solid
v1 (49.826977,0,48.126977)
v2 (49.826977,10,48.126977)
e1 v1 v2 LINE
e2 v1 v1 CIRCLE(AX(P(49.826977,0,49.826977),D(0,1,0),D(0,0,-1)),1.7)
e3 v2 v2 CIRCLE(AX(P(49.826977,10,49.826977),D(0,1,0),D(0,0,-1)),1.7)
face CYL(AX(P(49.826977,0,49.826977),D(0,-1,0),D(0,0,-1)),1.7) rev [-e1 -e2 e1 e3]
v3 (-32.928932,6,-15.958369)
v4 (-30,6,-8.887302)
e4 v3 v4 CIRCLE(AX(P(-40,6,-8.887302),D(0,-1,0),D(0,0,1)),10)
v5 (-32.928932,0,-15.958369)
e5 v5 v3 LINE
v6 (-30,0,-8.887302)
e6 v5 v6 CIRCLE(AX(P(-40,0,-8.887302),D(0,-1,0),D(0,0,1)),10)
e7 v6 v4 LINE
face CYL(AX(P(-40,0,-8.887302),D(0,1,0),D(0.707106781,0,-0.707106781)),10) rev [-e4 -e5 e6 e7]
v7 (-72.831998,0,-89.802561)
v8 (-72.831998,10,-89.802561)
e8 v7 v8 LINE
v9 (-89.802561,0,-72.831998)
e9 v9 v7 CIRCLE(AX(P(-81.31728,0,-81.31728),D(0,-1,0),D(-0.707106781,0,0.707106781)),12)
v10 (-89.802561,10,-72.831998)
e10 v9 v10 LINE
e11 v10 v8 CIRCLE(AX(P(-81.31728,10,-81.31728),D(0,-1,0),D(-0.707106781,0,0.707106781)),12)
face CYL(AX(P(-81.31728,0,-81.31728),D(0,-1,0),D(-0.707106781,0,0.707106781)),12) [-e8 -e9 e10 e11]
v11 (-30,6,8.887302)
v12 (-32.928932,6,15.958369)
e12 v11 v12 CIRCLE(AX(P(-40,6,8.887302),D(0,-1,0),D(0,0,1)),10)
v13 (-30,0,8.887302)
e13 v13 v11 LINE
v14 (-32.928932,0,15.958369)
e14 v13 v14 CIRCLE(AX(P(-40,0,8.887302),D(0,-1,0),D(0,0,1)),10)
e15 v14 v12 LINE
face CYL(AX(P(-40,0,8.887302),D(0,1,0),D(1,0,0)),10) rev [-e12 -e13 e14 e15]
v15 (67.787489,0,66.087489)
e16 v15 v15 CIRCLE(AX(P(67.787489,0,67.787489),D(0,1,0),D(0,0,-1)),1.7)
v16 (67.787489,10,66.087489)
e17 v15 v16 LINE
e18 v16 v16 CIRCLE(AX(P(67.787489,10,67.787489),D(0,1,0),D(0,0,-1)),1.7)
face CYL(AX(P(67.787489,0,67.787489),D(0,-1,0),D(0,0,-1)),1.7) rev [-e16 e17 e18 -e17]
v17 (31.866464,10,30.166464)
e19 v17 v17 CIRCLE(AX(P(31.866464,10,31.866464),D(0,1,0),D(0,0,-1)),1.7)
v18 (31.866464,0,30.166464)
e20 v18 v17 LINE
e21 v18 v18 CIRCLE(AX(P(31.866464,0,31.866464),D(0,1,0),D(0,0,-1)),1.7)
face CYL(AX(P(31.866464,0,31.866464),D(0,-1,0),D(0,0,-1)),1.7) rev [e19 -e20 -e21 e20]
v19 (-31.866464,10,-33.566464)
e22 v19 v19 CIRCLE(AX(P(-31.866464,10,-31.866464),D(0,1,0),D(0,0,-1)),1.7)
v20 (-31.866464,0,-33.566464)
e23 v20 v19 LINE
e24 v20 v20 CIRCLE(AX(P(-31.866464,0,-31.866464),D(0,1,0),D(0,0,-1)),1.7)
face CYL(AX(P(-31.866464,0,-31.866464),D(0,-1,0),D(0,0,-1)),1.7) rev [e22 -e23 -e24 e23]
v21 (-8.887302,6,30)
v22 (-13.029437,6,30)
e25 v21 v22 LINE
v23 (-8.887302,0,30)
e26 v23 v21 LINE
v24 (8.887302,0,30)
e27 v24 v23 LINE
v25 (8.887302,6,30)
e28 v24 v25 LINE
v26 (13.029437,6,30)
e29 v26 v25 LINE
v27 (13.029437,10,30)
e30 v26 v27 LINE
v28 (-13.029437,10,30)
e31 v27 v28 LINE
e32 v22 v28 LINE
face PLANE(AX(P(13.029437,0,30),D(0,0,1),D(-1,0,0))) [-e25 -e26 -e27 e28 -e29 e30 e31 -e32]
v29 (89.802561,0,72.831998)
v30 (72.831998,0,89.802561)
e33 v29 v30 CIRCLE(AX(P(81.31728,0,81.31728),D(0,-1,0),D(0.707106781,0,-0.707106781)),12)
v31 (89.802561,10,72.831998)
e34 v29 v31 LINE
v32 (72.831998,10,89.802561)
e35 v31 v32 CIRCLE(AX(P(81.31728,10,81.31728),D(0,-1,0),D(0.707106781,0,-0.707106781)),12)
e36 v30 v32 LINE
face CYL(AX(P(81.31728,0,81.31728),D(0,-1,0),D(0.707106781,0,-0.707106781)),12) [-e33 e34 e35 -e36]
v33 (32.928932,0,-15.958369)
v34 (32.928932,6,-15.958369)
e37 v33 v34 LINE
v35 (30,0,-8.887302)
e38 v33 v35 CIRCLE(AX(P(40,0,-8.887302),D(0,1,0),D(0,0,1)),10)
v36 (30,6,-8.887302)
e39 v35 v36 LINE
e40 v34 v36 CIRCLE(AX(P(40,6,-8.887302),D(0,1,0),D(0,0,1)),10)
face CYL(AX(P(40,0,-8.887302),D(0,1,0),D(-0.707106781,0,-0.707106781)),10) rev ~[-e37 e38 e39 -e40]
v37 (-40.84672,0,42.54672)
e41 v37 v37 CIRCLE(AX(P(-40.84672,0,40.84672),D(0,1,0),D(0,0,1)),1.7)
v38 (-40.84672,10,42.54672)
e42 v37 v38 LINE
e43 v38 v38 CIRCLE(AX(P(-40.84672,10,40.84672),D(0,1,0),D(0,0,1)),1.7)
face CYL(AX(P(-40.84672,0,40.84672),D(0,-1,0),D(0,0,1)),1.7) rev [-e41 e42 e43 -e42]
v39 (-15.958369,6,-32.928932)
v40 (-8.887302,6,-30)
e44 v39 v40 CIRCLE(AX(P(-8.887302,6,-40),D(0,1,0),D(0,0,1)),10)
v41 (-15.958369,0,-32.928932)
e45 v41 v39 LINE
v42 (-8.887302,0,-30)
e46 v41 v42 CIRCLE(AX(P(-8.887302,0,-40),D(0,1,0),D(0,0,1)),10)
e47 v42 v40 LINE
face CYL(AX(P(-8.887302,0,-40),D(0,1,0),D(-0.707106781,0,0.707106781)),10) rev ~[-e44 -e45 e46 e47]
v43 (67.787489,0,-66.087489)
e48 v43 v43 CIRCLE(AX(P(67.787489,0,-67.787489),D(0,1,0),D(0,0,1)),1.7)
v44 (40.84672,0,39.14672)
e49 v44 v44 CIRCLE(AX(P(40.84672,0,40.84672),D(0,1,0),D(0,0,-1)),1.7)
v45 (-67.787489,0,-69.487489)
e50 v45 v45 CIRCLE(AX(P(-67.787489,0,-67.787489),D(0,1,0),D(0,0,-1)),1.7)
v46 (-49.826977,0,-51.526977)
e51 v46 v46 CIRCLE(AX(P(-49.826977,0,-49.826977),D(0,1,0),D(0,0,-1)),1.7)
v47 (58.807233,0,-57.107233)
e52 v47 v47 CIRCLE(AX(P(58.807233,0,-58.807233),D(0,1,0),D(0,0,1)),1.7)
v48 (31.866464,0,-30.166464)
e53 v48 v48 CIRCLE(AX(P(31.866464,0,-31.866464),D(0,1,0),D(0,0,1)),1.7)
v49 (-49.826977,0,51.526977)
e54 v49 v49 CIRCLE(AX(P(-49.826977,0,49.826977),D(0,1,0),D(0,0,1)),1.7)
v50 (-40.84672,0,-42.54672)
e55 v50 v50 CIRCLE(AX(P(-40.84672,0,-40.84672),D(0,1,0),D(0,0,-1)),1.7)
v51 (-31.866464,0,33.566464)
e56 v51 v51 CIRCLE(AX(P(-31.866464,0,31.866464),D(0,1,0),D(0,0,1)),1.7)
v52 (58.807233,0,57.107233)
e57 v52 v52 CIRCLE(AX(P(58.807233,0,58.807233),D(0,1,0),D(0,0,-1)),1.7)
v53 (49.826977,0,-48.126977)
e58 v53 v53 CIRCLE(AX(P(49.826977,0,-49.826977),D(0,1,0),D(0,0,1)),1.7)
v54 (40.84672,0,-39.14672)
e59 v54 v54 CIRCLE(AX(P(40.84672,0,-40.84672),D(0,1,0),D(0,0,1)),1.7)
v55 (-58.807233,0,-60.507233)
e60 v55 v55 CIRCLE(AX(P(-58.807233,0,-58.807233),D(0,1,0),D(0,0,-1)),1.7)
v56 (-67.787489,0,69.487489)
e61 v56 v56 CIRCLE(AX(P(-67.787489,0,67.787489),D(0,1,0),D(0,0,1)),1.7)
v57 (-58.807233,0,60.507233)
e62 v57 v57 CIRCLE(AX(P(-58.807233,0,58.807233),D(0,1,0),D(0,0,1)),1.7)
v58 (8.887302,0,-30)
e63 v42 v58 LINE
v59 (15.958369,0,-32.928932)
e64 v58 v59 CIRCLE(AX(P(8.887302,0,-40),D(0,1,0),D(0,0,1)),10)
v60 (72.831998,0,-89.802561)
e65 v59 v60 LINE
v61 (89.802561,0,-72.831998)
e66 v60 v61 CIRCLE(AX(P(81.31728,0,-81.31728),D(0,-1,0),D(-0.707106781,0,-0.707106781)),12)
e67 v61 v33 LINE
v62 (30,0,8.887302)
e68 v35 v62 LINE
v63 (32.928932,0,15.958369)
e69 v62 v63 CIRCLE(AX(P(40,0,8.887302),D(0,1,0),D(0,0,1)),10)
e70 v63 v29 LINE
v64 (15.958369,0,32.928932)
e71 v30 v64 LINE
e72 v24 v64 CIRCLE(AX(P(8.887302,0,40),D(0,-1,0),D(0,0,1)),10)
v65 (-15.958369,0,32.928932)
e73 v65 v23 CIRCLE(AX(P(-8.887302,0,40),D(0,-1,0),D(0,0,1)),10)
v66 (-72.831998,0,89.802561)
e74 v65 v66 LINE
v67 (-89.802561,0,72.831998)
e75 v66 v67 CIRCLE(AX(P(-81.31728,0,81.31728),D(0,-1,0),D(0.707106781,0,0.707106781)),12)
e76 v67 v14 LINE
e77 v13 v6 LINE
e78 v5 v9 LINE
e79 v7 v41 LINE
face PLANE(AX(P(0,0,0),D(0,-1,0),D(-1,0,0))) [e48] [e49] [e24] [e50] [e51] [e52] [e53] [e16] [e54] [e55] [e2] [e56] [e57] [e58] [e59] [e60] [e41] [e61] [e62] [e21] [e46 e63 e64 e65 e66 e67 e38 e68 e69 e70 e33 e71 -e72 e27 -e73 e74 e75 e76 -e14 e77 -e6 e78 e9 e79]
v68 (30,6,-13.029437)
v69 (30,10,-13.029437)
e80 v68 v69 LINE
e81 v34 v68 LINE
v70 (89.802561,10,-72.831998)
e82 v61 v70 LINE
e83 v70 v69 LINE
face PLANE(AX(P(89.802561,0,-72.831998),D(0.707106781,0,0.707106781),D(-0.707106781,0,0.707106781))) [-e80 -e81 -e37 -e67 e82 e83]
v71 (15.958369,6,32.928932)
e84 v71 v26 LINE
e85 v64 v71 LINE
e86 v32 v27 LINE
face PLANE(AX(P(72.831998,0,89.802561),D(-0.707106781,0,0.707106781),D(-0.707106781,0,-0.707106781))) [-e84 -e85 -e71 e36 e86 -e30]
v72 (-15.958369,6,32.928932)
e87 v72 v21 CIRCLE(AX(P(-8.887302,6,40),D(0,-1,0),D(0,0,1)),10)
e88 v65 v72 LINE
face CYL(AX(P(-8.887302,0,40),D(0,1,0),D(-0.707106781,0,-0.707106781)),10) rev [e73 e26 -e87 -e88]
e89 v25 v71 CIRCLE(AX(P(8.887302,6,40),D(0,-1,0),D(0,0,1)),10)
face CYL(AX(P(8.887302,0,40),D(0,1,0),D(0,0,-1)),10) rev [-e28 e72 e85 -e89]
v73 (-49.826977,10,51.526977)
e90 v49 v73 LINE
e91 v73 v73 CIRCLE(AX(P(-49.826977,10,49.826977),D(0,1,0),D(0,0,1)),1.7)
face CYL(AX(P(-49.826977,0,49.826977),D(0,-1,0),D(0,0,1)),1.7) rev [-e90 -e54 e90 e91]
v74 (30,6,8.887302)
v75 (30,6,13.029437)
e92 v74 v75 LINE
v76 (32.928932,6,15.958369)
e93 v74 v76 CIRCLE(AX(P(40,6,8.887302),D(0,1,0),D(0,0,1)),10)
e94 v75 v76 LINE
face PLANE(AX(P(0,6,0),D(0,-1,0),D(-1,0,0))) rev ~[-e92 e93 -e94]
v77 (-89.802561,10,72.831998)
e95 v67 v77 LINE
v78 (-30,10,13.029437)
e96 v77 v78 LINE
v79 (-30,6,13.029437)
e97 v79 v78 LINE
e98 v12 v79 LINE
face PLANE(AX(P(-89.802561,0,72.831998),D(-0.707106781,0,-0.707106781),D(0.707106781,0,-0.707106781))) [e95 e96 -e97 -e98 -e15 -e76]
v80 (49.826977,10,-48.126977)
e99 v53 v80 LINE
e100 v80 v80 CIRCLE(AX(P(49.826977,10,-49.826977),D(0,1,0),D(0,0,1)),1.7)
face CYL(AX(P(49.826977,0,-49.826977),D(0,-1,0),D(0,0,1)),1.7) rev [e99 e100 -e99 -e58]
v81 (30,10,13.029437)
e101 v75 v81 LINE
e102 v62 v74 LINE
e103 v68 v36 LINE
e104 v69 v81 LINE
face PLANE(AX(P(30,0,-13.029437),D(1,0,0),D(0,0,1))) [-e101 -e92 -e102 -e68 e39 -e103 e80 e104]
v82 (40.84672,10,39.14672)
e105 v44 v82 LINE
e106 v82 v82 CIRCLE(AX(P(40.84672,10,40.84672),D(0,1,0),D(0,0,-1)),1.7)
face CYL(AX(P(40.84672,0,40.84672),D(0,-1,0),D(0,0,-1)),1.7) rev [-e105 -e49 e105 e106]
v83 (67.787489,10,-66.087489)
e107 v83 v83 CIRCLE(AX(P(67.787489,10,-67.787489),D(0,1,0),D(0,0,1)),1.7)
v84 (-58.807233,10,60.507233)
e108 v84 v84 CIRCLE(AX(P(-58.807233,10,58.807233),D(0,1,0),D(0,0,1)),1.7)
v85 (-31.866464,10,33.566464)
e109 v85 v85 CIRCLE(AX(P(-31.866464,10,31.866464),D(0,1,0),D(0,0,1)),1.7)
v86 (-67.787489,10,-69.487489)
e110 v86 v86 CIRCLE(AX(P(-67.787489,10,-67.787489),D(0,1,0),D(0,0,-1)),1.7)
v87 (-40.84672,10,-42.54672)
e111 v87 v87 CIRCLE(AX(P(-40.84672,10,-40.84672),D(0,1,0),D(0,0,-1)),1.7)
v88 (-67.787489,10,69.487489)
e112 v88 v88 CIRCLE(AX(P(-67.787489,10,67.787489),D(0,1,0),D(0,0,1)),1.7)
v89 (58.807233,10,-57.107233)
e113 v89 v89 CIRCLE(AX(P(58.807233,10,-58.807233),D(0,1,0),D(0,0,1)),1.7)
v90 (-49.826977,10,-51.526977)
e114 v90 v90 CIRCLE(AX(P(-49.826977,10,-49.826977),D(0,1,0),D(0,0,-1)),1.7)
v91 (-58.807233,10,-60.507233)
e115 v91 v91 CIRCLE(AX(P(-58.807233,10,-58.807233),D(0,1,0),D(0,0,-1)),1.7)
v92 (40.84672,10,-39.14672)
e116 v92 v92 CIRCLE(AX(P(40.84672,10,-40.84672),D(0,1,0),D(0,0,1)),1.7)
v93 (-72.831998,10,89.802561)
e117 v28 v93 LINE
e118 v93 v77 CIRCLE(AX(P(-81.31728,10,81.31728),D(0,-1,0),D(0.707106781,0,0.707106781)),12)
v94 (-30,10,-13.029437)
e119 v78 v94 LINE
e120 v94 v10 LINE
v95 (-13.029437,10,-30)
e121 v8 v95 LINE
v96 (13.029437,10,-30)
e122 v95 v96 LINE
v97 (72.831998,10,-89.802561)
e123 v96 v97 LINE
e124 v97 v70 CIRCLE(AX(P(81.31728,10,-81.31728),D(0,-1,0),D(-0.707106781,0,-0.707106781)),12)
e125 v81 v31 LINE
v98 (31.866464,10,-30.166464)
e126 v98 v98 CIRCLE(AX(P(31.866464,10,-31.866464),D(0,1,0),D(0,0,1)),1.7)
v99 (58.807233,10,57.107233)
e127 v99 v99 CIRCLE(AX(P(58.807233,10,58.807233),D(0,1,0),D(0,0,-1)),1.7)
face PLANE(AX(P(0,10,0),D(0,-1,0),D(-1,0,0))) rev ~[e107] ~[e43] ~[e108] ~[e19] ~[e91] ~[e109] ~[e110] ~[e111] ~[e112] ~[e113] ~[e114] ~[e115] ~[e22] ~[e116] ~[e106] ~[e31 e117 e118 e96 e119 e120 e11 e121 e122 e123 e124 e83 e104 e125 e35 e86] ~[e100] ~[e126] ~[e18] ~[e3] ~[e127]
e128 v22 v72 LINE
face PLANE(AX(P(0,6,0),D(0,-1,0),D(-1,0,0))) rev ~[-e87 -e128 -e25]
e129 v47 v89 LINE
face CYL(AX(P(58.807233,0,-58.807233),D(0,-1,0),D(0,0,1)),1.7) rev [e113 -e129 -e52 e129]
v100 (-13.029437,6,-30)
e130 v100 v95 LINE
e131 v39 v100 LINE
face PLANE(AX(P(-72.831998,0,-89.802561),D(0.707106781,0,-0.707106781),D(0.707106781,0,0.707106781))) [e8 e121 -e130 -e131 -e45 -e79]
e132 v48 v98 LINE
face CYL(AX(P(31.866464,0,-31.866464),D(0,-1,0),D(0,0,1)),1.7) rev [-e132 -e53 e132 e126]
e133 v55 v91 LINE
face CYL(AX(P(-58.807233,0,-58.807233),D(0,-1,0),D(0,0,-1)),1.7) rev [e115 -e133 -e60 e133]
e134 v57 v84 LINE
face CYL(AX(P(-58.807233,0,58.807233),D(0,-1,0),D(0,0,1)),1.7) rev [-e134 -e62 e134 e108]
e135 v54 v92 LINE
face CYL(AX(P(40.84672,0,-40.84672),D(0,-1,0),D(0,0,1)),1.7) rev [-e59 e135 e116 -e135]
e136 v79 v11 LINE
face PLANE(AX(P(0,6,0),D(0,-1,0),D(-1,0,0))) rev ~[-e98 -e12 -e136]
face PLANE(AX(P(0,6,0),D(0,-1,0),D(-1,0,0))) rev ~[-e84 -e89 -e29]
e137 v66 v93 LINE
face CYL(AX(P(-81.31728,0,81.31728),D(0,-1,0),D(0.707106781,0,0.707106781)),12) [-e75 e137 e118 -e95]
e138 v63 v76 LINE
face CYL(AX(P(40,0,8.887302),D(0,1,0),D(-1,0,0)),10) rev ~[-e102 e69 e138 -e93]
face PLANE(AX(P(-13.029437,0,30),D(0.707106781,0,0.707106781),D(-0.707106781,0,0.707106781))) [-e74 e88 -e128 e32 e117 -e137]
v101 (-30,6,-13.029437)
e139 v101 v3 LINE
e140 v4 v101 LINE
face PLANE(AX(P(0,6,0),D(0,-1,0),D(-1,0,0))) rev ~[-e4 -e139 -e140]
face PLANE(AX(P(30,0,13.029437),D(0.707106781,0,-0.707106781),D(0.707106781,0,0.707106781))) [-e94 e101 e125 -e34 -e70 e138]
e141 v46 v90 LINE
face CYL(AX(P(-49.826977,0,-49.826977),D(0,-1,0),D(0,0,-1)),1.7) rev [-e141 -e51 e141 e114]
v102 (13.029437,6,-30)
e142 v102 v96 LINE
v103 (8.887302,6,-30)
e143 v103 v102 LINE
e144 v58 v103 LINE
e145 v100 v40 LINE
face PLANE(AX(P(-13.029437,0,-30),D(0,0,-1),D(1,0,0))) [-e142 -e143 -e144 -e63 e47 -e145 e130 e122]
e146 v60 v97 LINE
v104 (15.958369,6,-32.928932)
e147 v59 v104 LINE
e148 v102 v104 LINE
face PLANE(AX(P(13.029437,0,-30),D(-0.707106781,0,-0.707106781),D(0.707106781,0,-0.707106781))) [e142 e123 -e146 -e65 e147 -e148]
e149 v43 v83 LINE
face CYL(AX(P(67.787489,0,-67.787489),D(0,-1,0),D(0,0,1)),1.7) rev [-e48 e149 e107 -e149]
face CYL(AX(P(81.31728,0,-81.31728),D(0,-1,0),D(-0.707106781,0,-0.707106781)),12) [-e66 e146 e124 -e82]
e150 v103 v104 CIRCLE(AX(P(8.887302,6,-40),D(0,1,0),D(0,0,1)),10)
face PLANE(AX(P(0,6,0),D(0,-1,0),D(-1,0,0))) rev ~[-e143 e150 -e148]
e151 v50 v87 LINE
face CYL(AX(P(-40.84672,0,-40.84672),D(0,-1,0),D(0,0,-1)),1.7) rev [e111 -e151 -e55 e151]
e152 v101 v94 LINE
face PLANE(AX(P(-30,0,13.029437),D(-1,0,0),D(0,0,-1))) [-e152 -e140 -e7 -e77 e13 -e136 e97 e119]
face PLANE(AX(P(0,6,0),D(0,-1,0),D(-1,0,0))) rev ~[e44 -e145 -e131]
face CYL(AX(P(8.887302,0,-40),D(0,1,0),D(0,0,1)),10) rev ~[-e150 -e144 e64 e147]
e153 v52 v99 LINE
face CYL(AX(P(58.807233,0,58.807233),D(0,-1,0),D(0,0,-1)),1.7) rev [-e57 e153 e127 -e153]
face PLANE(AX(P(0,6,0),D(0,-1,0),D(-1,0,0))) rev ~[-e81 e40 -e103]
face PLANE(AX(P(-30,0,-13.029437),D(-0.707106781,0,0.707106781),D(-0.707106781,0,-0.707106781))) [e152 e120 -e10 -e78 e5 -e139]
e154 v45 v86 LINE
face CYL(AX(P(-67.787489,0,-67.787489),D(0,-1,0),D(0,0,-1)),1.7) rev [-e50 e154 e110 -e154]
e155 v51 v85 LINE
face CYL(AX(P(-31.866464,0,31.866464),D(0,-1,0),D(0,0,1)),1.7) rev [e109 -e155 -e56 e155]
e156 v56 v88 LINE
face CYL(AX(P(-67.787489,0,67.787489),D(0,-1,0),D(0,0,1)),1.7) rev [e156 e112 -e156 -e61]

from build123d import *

# Parameters (mm, degrees)
SKETCH1_R           = 1.7
BOSS_EXTRUDE1_DEPTH = 6
FILLET1_R           = 10
SKETCH1_4_R         = 1.7
BOSS_EXTRUDE2_DEPTH = 10


with BuildPart() as part:
    # Sketch1 → Boss-Extrude1 (new body)
    with BuildSketch(Plane(origin=(0, 0, 0), x_dir=(1, 0, 0), z_dir=(0, 1, 0))):
        with BuildLine():
            Line((-72.831998462, 89.802561211), (-13.029437252, 30))
            Line((-13.029437252, 30), (13.029437252, 30))
            Line((13.029437252, 30), (72.831998462, 89.802561211))
            ThreePointArc((72.831998462, 89.802561211), (89.802561211, 89.802561211), (89.802561211, 72.831998462))
            Line((89.802561211, 72.831998462), (30, 13.029437252))
            Line((30, 13.029437252), (30, -13.029437252))
            Line((30, -13.029437252), (89.802561211, -72.831998462))
            ThreePointArc((89.802561211, -72.831998462), (89.802561211, -89.802561211), (72.831998462, -89.802561211))
            Line((72.831998462, -89.802561211), (13.029437252, -30))
            Line((13.029437252, -30), (-13.029437252, -30))
            Line((-13.029437252, -30), (-72.831998462, -89.802561211))
            ThreePointArc((-72.831998462, -89.802561211), (-89.802561211, -89.802561211), (-89.802561211, -72.831998462))
            Line((-89.802561211, -72.831998462), (-30, -13.029437252))
            Line((-30, -13.029437252), (-30, 13.029437252))
            Line((-30, 13.029437252), (-89.802561211, 72.831998462))
            ThreePointArc((-89.802561211, 72.831998462), (-89.802561211, 89.802561211), (-72.831998462, 89.802561211))
        make_face()
        with Locations((67.787488849, 67.787488849)):
            Circle(SKETCH1_R, mode=Mode.SUBTRACT)
        with Locations((58.807232728, 58.807232728)):
            Circle(SKETCH1_R, mode=Mode.SUBTRACT)
        with Locations((49.826976607, 49.826976607)):
            Circle(SKETCH1_R, mode=Mode.SUBTRACT)
        with Locations((40.846720486, 40.846720486)):
            Circle(SKETCH1_R, mode=Mode.SUBTRACT)
        with Locations((31.866464365, 31.866464365)):
            Circle(SKETCH1_R, mode=Mode.SUBTRACT)
        with Locations((67.787488849, -67.787488849)):
            Circle(SKETCH1_R, mode=Mode.SUBTRACT)
        with Locations((58.807232728, -58.807232728)):
            Circle(SKETCH1_R, mode=Mode.SUBTRACT)
        with Locations((49.826976607, -49.826976607)):
            Circle(SKETCH1_R, mode=Mode.SUBTRACT)
        with Locations((40.846720486, -40.846720486)):
            Circle(SKETCH1_R, mode=Mode.SUBTRACT)
        with Locations((31.866464365, -31.866464365)):
            Circle(SKETCH1_R, mode=Mode.SUBTRACT)
        with Locations((-67.787488849, 67.787488849)):
            Circle(SKETCH1_R, mode=Mode.SUBTRACT)
        with Locations((-58.807232728, 58.807232728)):
            Circle(SKETCH1_R, mode=Mode.SUBTRACT)
        with Locations((-31.866464365, 31.866464365)):
            Circle(SKETCH1_R, mode=Mode.SUBTRACT)
        with Locations((-49.826976607, 49.826976607)):
            Circle(SKETCH1_R, mode=Mode.SUBTRACT)
        with Locations((-40.846720486, 40.846720486)):
            Circle(SKETCH1_R, mode=Mode.SUBTRACT)
        with Locations((-31.866464365, -31.866464365)):
            Circle(SKETCH1_R, mode=Mode.SUBTRACT)
        with Locations((-58.807232728, -58.807232728)):
            Circle(SKETCH1_R, mode=Mode.SUBTRACT)
        with Locations((-40.846720486, -40.846720486)):
            Circle(SKETCH1_R, mode=Mode.SUBTRACT)
        with Locations((-49.826976607, -49.826976607)):
            Circle(SKETCH1_R, mode=Mode.SUBTRACT)
        with Locations((-67.787488849, -67.787488849)):
            Circle(SKETCH1_R, mode=Mode.SUBTRACT)
    extrude(amount=BOSS_EXTRUDE1_DEPTH)

    # Fillet1
    fillet1_edges = [part.edges().sort_by_distance(p)[0] for p in [
        (-30, 3, -13.029437252),
        (-30, 3, 13.029437252),
        (-13.029437252, 3, -30),
        (13.029437252, 3, -30),
        (30, 3, 13.029437252),
        (30, 3, -13.029437252),
        (13.029437252, 3, 30),
        (-13.029437252, 3, 30),
    ]]
    fillet(fillet1_edges, radius=FILLET1_R)

    # Sketch1<4> → Boss-Extrude2 (add)
    with BuildSketch(Plane(origin=(0, 0, 0), x_dir=(1, 0, 0), z_dir=(0, 1, 0))):
        with BuildLine():
            Line((-72.831998462, 89.802561211), (-13.029437252, 30))
            Line((-13.029437252, 30), (13.029437252, 30))
            Line((13.029437252, 30), (72.831998462, 89.802561211))
            ThreePointArc((72.831998462, 89.802561211), (89.802561211, 89.802561211), (89.802561211, 72.831998462))
            Line((89.802561211, 72.831998462), (30, 13.029437252))
            Line((30, 13.029437252), (30, -13.029437252))
            Line((30, -13.029437252), (89.802561211, -72.831998462))
            ThreePointArc((89.802561211, -72.831998462), (89.802561211, -89.802561211), (72.831998462, -89.802561211))
            Line((72.831998462, -89.802561211), (13.029437252, -30))
            Line((13.029437252, -30), (-13.029437252, -30))
            Line((-13.029437252, -30), (-72.831998462, -89.802561211))
            ThreePointArc((-72.831998462, -89.802561211), (-89.802561211, -89.802561211), (-89.802561211, -72.831998462))
            Line((-89.802561211, -72.831998462), (-30, -13.029437252))
            Line((-30, -13.029437252), (-30, 13.029437252))
            Line((-30, 13.029437252), (-89.802561211, 72.831998462))
            ThreePointArc((-89.802561211, 72.831998462), (-89.802561211, 89.802561211), (-72.831998462, 89.802561211))
        make_face()
        with Locations((67.787488849, 67.787488849)):
            Circle(SKETCH1_4_R, mode=Mode.SUBTRACT)
        with Locations((58.807232728, 58.807232728)):
            Circle(SKETCH1_4_R, mode=Mode.SUBTRACT)
        with Locations((49.826976607, 49.826976607)):
            Circle(SKETCH1_4_R, mode=Mode.SUBTRACT)
        with Locations((40.846720486, 40.846720486)):
            Circle(SKETCH1_4_R, mode=Mode.SUBTRACT)
        with Locations((31.866464365, 31.866464365)):
            Circle(SKETCH1_4_R, mode=Mode.SUBTRACT)
        with Locations((67.787488849, -67.787488849)):
            Circle(SKETCH1_4_R, mode=Mode.SUBTRACT)
        with Locations((58.807232728, -58.807232728)):
            Circle(SKETCH1_4_R, mode=Mode.SUBTRACT)
        with Locations((49.826976607, -49.826976607)):
            Circle(SKETCH1_4_R, mode=Mode.SUBTRACT)
        with Locations((40.846720486, -40.846720486)):
            Circle(SKETCH1_4_R, mode=Mode.SUBTRACT)
        with Locations((31.866464365, -31.866464365)):
            Circle(SKETCH1_4_R, mode=Mode.SUBTRACT)
        with Locations((-67.787488849, 67.787488849)):
            Circle(SKETCH1_4_R, mode=Mode.SUBTRACT)
        with Locations((-58.807232728, 58.807232728)):
            Circle(SKETCH1_4_R, mode=Mode.SUBTRACT)
        with Locations((-31.866464365, 31.866464365)):
            Circle(SKETCH1_4_R, mode=Mode.SUBTRACT)
        with Locations((-49.826976607, 49.826976607)):
            Circle(SKETCH1_4_R, mode=Mode.SUBTRACT)
        with Locations((-40.846720486, 40.846720486)):
            Circle(SKETCH1_4_R, mode=Mode.SUBTRACT)
        with Locations((-31.866464365, -31.866464365)):
            Circle(SKETCH1_4_R, mode=Mode.SUBTRACT)
        with Locations((-58.807232728, -58.807232728)):
            Circle(SKETCH1_4_R, mode=Mode.SUBTRACT)
        with Locations((-40.846720486, -40.846720486)):
            Circle(SKETCH1_4_R, mode=Mode.SUBTRACT)
        with Locations((-49.826976607, -49.826976607)):
            Circle(SKETCH1_4_R, mode=Mode.SUBTRACT)
        with Locations((-67.787488849, -67.787488849)):
            Circle(SKETCH1_4_R, mode=Mode.SUBTRACT)
    extrude(amount=BOSS_EXTRUDE2_DEPTH)


solid = part.part
